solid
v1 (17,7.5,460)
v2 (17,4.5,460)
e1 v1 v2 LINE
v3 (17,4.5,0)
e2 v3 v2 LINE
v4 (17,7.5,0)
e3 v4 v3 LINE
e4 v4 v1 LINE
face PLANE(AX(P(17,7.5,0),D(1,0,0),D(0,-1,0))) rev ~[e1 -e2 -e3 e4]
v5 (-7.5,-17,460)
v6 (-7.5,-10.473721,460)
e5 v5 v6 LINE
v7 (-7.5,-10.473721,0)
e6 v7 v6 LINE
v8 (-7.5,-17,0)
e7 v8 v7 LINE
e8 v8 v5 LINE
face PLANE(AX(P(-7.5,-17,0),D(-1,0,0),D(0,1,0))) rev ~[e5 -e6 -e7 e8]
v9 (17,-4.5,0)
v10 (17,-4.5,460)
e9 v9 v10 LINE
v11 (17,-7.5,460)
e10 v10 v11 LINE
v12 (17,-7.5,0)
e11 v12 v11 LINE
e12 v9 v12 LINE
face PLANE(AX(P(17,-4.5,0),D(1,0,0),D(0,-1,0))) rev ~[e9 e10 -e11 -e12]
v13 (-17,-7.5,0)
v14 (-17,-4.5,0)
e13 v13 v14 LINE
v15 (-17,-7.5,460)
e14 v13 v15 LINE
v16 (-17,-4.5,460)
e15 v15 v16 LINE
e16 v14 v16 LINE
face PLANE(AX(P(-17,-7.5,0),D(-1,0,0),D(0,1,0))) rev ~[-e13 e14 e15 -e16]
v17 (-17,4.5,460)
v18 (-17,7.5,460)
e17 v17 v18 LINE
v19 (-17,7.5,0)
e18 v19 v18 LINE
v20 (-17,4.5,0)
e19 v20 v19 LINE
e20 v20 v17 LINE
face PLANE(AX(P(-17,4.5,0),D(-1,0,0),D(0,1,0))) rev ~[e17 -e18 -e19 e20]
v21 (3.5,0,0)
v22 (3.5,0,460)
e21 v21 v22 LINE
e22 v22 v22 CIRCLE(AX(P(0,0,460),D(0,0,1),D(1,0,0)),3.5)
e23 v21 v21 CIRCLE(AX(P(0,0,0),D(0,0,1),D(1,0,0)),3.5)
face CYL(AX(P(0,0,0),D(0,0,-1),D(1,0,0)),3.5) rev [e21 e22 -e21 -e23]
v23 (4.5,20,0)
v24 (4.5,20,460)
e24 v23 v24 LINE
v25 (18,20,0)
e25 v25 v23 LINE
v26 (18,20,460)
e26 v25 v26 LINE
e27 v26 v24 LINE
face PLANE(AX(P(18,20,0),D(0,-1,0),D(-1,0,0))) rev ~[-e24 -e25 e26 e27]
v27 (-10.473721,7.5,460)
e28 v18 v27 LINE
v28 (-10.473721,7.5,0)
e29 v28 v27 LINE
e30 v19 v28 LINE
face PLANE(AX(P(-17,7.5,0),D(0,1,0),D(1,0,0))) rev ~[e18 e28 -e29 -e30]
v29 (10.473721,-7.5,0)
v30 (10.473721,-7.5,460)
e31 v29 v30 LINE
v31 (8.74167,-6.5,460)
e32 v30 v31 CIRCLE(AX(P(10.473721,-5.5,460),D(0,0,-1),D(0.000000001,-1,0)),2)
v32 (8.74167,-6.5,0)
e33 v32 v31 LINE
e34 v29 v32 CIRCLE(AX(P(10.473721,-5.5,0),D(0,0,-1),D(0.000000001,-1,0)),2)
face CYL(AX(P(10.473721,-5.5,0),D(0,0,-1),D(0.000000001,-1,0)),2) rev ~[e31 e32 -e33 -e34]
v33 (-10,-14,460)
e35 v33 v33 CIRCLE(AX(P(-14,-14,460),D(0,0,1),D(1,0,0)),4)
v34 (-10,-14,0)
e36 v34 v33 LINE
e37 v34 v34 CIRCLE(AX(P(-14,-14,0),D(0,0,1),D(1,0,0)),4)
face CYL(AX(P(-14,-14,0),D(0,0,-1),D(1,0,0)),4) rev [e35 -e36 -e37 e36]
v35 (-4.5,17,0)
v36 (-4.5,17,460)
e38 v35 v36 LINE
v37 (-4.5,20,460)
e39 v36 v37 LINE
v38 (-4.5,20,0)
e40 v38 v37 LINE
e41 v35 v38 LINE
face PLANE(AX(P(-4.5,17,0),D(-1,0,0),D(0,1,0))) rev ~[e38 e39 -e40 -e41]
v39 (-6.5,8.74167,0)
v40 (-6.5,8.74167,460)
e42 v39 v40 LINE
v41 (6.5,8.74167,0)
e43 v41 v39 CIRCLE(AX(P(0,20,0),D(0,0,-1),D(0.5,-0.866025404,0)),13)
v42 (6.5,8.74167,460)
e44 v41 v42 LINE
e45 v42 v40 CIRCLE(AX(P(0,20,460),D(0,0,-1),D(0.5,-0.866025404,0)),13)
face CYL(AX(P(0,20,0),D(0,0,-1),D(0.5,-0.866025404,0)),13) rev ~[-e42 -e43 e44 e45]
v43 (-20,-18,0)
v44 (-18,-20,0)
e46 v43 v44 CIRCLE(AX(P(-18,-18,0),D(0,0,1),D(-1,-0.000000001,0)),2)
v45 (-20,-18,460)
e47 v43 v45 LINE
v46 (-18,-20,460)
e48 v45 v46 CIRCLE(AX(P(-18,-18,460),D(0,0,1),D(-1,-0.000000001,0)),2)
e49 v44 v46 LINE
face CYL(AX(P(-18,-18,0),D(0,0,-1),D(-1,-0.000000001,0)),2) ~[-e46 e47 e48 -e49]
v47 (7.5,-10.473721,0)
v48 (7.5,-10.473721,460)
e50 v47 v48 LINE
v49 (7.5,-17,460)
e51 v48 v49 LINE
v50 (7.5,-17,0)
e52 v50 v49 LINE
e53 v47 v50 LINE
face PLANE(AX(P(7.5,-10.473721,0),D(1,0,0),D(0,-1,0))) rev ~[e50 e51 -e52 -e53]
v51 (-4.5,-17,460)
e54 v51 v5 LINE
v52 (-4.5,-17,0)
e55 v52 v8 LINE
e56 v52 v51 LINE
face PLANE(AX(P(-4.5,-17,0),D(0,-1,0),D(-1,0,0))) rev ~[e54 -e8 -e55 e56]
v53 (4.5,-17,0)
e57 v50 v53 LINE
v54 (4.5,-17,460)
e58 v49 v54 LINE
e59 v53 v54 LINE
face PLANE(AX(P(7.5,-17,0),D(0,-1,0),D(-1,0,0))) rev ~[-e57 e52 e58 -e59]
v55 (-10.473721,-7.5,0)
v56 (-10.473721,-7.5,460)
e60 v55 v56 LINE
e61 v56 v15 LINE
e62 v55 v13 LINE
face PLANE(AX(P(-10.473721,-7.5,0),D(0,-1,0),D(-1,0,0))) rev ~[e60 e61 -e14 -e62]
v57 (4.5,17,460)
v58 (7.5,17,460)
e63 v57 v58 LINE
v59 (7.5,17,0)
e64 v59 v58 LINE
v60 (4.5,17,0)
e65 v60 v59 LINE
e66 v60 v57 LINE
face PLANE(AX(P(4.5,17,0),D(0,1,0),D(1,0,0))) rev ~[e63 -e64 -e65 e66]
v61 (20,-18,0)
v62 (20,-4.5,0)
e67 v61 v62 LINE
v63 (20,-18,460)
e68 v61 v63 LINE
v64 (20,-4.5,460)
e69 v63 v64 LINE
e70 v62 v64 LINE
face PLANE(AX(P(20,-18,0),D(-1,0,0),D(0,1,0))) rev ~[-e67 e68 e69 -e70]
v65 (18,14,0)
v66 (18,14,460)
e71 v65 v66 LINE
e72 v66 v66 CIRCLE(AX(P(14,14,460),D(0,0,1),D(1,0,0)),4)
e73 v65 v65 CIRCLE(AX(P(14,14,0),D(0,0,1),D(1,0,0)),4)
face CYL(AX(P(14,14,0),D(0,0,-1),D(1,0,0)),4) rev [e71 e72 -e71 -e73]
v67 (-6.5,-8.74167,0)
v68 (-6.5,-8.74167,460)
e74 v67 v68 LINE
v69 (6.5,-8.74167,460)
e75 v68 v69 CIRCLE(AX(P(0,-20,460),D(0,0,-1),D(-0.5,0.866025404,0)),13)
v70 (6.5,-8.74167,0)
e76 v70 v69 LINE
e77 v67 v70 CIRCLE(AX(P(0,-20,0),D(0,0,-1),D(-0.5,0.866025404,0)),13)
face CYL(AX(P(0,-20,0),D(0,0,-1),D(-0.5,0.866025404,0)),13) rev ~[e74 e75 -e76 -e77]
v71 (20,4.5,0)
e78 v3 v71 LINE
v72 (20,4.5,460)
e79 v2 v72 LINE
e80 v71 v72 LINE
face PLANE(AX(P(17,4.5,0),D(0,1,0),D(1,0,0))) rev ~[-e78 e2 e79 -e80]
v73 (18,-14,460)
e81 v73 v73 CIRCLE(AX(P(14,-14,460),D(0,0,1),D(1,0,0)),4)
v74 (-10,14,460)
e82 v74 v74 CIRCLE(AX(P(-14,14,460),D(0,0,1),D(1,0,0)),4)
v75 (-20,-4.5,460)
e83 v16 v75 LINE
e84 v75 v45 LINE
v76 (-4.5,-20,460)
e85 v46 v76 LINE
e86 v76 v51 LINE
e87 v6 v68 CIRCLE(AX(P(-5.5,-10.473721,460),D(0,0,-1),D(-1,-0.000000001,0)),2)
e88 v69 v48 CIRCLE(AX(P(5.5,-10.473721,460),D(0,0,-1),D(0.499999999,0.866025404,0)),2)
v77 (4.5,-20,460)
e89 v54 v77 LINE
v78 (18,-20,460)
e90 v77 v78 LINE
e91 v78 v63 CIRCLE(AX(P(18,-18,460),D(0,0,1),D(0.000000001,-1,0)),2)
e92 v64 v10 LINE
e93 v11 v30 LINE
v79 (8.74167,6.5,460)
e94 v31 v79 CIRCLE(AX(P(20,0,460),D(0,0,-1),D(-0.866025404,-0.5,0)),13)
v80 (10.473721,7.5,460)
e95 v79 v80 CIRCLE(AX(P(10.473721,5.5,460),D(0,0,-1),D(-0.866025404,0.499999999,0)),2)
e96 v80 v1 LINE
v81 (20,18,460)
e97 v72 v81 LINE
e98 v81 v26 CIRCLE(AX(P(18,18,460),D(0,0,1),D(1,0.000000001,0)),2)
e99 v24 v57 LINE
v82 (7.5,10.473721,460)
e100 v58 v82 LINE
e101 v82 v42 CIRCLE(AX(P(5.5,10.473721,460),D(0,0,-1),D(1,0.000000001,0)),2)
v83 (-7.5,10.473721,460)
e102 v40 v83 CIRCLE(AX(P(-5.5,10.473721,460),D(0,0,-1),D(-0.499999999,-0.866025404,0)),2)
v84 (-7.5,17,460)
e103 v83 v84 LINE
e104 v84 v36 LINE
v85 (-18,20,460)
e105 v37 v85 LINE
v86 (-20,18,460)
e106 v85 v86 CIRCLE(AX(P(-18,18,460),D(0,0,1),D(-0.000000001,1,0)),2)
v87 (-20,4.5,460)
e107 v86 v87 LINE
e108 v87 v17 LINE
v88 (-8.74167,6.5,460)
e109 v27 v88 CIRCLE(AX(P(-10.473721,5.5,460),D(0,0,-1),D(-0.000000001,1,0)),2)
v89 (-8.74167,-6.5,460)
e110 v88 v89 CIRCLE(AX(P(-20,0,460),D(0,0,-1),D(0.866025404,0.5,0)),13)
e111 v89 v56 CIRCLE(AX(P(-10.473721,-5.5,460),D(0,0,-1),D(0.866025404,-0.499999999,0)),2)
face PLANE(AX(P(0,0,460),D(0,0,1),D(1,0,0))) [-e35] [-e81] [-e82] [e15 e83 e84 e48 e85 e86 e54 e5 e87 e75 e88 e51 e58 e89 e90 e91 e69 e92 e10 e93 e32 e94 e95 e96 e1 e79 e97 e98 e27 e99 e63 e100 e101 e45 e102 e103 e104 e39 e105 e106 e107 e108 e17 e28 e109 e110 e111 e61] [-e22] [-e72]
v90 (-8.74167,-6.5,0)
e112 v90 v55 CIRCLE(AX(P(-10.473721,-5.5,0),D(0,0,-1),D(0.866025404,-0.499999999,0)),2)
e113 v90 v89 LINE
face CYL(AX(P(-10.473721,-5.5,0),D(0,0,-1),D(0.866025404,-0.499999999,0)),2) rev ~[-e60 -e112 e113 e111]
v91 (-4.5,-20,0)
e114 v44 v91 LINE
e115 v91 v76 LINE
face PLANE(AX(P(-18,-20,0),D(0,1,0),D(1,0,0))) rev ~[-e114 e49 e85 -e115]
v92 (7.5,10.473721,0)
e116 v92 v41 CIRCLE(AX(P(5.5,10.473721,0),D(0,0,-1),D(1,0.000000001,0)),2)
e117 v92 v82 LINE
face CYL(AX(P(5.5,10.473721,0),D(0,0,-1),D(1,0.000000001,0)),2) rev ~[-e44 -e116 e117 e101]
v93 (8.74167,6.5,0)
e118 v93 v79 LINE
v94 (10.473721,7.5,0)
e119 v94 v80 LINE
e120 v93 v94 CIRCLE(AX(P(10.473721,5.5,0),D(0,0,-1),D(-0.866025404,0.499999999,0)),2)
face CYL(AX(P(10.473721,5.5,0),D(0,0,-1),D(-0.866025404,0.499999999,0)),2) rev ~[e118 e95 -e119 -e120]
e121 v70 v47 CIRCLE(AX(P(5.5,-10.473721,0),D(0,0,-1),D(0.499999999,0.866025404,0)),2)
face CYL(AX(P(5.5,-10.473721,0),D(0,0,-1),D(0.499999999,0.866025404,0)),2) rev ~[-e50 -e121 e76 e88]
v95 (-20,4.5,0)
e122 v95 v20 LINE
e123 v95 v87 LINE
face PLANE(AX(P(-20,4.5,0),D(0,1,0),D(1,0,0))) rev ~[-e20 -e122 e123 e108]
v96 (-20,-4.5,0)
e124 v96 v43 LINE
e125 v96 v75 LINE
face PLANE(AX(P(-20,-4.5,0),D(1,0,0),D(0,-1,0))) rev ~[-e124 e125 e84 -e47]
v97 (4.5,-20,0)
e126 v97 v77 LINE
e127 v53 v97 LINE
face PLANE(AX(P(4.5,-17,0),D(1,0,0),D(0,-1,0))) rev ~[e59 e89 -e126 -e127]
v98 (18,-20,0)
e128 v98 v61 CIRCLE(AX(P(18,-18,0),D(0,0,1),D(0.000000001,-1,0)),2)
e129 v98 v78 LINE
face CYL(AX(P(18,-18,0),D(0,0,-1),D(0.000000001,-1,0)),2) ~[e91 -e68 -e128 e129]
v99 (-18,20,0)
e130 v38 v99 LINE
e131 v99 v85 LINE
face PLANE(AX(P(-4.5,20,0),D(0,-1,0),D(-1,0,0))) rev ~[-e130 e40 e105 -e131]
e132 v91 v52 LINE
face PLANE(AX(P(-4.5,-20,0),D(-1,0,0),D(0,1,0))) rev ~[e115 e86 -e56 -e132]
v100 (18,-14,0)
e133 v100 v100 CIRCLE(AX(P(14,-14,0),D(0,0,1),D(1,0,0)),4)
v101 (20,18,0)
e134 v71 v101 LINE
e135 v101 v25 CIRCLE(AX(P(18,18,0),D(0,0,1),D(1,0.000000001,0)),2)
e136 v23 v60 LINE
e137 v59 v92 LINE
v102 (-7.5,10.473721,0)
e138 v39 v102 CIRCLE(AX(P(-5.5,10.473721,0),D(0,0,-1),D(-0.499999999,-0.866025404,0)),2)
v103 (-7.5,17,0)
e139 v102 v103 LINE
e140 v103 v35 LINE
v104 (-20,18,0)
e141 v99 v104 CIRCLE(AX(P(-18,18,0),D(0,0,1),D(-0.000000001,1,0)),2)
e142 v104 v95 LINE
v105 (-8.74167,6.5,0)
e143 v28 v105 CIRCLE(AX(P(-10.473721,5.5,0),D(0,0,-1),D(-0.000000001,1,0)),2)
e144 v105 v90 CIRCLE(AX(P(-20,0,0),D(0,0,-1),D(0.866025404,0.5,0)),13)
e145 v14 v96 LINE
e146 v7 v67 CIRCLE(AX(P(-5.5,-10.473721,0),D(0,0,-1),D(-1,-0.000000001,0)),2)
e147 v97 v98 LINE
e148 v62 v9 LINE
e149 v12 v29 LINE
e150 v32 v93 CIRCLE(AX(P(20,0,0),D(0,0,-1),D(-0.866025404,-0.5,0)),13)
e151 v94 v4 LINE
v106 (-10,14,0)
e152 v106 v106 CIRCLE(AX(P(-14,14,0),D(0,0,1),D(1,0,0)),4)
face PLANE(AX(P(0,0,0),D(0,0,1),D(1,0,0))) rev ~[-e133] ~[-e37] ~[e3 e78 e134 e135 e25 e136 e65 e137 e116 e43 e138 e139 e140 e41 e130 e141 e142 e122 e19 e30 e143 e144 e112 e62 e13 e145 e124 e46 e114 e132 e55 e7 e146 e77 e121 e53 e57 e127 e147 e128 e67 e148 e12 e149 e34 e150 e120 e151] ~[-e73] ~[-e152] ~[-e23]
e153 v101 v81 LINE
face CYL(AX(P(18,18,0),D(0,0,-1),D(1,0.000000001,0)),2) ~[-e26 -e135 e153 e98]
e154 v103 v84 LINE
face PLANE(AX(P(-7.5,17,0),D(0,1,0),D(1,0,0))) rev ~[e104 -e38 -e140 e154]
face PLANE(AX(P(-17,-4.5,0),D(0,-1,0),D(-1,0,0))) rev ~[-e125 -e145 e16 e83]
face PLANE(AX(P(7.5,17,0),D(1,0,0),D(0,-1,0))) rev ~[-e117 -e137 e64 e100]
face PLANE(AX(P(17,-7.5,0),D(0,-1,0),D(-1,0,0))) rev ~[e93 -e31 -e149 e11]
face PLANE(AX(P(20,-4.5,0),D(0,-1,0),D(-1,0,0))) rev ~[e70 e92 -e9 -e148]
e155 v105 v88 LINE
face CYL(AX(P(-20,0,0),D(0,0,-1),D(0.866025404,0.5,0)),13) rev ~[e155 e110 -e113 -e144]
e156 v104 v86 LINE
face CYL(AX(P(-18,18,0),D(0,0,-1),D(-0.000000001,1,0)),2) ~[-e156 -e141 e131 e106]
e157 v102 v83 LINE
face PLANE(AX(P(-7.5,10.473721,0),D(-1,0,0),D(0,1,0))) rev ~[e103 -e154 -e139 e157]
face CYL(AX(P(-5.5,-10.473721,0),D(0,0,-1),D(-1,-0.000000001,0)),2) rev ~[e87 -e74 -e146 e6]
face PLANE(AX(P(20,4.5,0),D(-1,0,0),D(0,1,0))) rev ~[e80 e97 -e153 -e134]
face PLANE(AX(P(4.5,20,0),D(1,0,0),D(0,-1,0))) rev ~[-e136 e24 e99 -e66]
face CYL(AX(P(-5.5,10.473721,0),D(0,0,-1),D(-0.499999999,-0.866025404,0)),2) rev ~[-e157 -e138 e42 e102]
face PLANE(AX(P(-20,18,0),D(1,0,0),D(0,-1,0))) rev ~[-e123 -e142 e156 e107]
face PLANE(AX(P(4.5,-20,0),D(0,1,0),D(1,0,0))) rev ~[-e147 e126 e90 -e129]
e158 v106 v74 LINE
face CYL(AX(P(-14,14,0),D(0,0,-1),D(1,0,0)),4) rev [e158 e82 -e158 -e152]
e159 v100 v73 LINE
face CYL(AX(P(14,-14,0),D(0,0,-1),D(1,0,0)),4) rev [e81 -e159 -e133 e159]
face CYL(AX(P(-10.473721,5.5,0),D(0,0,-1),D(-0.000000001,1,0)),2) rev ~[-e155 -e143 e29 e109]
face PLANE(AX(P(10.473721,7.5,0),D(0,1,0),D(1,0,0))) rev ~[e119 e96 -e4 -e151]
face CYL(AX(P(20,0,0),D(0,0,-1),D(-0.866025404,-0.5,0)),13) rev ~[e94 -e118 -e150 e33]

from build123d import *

# Parameters (mm, degrees)
SKETCH1_R           = 4
SKETCH1_R_2         = 3.5
BOSS_EXTRUDE1_DEPTH = 460


with BuildPart() as part:
    # Sketch1 → Boss-Extrude1 (new body)
    with BuildSketch(Plane.XY):
        with BuildLine():
            Line((-20, 18), (-20, 4.5))
            Line((-20, 4.5), (-17, 4.5))
            Line((-17, 4.5), (-17, 7.5))
            Line((-17, 7.5), (-10.473720558, 7.5))
            ThreePointArc((-10.473720558, 7.5), (-9.473720558, 7.232050808), (-8.741669751, 6.5))
            ThreePointArc((-8.741669751, 6.5), (-7, 0), (-8.741669751, -6.5))
            ThreePointArc((-8.741669751, -6.5), (-9.473720558, -7.232050808), (-10.473720558, -7.5))
            Line((-10.473720558, -7.5), (-17, -7.5))
            Line((-17, -7.5), (-17, -4.5))
            Line((-17, -4.5), (-20, -4.5))
            Line((-20, -4.5), (-20, -18))
            ThreePointArc((-20, -18), (-19.414213562, -19.414213562), (-18, -20))
            Line((-18, -20), (-4.5, -20))
            Line((-4.5, -20), (-4.5, -17))
            Line((-4.5, -17), (-7.5, -17))
            Line((-7.5, -17), (-7.5, -10.473720558))
            ThreePointArc((-7.5, -10.473720558), (-7.232050808, -9.473720558), (-6.5, -8.741669751))
            ThreePointArc((-6.5, -8.741669751), (0, -7), (6.5, -8.741669751))
            ThreePointArc((6.5, -8.741669751), (7.232050808, -9.473720558), (7.5, -10.473720558))
            Line((7.5, -10.473720558), (7.5, -17))
            Line((7.5, -17), (4.5, -17))
            Line((4.5, -17), (4.5, -20))
            Line((4.5, -20), (18, -20))
            ThreePointArc((18, -20), (19.414213562, -19.414213562), (20, -18))
            Line((20, -18), (20, -4.5))
            Line((20, -4.5), (17, -4.5))
            Line((17, -4.5), (17, -7.5))
            Line((17, -7.5), (10.473720558, -7.5))
            ThreePointArc((10.473720558, -7.5), (9.473720558, -7.232050808), (8.741669751, -6.5))
            ThreePointArc((8.741669751, -6.5), (7, 0), (8.741669751, 6.5))
            ThreePointArc((8.741669751, 6.5), (9.473720558, 7.232050808), (10.473720558, 7.5))
            Line((10.473720558, 7.5), (17, 7.5))
            Line((17, 7.5), (17, 4.5))
            Line((17, 4.5), (20, 4.5))
            Line((20, 4.5), (20, 18))
            ThreePointArc((20, 18), (19.414213562, 19.414213562), (18, 20))
            Line((18, 20), (4.5, 20))
            Line((4.5, 20), (4.5, 17))
            Line((4.5, 17), (7.5, 17))
            Line((7.5, 17), (7.5, 10.473720558))
            ThreePointArc((7.5, 10.473720558), (7.232050808, 9.473720558), (6.5, 8.741669751))
            ThreePointArc((6.5, 8.741669751), (0, 7), (-6.5, 8.741669751))
            ThreePointArc((-6.5, 8.741669751), (-7.232050808, 9.473720558), (-7.5, 10.473720558))
            Line((-7.5, 10.473720558), (-7.5, 17))
            Line((-7.5, 17), (-4.5, 17))
            Line((-4.5, 17), (-4.5, 20))
            Line((-4.5, 20), (-18, 20))
            ThreePointArc((-18, 20), (-19.414213562, 19.414213562), (-20, 18))
        make_face()
        with Locations((-14, -14)):
            Circle(SKETCH1_R, mode=Mode.SUBTRACT)
        with Locations((14, -14)):
            Circle(SKETCH1_R, mode=Mode.SUBTRACT)
        with Locations((14, 14)):
            Circle(SKETCH1_R, mode=Mode.SUBTRACT)
        Circle(SKETCH1_R_2, mode=Mode.SUBTRACT)
        with Locations((-14, 14)):
            Circle(SKETCH1_R, mode=Mode.SUBTRACT)
    extrude(amount=BOSS_EXTRUDE1_DEPTH)


solid = part.part
